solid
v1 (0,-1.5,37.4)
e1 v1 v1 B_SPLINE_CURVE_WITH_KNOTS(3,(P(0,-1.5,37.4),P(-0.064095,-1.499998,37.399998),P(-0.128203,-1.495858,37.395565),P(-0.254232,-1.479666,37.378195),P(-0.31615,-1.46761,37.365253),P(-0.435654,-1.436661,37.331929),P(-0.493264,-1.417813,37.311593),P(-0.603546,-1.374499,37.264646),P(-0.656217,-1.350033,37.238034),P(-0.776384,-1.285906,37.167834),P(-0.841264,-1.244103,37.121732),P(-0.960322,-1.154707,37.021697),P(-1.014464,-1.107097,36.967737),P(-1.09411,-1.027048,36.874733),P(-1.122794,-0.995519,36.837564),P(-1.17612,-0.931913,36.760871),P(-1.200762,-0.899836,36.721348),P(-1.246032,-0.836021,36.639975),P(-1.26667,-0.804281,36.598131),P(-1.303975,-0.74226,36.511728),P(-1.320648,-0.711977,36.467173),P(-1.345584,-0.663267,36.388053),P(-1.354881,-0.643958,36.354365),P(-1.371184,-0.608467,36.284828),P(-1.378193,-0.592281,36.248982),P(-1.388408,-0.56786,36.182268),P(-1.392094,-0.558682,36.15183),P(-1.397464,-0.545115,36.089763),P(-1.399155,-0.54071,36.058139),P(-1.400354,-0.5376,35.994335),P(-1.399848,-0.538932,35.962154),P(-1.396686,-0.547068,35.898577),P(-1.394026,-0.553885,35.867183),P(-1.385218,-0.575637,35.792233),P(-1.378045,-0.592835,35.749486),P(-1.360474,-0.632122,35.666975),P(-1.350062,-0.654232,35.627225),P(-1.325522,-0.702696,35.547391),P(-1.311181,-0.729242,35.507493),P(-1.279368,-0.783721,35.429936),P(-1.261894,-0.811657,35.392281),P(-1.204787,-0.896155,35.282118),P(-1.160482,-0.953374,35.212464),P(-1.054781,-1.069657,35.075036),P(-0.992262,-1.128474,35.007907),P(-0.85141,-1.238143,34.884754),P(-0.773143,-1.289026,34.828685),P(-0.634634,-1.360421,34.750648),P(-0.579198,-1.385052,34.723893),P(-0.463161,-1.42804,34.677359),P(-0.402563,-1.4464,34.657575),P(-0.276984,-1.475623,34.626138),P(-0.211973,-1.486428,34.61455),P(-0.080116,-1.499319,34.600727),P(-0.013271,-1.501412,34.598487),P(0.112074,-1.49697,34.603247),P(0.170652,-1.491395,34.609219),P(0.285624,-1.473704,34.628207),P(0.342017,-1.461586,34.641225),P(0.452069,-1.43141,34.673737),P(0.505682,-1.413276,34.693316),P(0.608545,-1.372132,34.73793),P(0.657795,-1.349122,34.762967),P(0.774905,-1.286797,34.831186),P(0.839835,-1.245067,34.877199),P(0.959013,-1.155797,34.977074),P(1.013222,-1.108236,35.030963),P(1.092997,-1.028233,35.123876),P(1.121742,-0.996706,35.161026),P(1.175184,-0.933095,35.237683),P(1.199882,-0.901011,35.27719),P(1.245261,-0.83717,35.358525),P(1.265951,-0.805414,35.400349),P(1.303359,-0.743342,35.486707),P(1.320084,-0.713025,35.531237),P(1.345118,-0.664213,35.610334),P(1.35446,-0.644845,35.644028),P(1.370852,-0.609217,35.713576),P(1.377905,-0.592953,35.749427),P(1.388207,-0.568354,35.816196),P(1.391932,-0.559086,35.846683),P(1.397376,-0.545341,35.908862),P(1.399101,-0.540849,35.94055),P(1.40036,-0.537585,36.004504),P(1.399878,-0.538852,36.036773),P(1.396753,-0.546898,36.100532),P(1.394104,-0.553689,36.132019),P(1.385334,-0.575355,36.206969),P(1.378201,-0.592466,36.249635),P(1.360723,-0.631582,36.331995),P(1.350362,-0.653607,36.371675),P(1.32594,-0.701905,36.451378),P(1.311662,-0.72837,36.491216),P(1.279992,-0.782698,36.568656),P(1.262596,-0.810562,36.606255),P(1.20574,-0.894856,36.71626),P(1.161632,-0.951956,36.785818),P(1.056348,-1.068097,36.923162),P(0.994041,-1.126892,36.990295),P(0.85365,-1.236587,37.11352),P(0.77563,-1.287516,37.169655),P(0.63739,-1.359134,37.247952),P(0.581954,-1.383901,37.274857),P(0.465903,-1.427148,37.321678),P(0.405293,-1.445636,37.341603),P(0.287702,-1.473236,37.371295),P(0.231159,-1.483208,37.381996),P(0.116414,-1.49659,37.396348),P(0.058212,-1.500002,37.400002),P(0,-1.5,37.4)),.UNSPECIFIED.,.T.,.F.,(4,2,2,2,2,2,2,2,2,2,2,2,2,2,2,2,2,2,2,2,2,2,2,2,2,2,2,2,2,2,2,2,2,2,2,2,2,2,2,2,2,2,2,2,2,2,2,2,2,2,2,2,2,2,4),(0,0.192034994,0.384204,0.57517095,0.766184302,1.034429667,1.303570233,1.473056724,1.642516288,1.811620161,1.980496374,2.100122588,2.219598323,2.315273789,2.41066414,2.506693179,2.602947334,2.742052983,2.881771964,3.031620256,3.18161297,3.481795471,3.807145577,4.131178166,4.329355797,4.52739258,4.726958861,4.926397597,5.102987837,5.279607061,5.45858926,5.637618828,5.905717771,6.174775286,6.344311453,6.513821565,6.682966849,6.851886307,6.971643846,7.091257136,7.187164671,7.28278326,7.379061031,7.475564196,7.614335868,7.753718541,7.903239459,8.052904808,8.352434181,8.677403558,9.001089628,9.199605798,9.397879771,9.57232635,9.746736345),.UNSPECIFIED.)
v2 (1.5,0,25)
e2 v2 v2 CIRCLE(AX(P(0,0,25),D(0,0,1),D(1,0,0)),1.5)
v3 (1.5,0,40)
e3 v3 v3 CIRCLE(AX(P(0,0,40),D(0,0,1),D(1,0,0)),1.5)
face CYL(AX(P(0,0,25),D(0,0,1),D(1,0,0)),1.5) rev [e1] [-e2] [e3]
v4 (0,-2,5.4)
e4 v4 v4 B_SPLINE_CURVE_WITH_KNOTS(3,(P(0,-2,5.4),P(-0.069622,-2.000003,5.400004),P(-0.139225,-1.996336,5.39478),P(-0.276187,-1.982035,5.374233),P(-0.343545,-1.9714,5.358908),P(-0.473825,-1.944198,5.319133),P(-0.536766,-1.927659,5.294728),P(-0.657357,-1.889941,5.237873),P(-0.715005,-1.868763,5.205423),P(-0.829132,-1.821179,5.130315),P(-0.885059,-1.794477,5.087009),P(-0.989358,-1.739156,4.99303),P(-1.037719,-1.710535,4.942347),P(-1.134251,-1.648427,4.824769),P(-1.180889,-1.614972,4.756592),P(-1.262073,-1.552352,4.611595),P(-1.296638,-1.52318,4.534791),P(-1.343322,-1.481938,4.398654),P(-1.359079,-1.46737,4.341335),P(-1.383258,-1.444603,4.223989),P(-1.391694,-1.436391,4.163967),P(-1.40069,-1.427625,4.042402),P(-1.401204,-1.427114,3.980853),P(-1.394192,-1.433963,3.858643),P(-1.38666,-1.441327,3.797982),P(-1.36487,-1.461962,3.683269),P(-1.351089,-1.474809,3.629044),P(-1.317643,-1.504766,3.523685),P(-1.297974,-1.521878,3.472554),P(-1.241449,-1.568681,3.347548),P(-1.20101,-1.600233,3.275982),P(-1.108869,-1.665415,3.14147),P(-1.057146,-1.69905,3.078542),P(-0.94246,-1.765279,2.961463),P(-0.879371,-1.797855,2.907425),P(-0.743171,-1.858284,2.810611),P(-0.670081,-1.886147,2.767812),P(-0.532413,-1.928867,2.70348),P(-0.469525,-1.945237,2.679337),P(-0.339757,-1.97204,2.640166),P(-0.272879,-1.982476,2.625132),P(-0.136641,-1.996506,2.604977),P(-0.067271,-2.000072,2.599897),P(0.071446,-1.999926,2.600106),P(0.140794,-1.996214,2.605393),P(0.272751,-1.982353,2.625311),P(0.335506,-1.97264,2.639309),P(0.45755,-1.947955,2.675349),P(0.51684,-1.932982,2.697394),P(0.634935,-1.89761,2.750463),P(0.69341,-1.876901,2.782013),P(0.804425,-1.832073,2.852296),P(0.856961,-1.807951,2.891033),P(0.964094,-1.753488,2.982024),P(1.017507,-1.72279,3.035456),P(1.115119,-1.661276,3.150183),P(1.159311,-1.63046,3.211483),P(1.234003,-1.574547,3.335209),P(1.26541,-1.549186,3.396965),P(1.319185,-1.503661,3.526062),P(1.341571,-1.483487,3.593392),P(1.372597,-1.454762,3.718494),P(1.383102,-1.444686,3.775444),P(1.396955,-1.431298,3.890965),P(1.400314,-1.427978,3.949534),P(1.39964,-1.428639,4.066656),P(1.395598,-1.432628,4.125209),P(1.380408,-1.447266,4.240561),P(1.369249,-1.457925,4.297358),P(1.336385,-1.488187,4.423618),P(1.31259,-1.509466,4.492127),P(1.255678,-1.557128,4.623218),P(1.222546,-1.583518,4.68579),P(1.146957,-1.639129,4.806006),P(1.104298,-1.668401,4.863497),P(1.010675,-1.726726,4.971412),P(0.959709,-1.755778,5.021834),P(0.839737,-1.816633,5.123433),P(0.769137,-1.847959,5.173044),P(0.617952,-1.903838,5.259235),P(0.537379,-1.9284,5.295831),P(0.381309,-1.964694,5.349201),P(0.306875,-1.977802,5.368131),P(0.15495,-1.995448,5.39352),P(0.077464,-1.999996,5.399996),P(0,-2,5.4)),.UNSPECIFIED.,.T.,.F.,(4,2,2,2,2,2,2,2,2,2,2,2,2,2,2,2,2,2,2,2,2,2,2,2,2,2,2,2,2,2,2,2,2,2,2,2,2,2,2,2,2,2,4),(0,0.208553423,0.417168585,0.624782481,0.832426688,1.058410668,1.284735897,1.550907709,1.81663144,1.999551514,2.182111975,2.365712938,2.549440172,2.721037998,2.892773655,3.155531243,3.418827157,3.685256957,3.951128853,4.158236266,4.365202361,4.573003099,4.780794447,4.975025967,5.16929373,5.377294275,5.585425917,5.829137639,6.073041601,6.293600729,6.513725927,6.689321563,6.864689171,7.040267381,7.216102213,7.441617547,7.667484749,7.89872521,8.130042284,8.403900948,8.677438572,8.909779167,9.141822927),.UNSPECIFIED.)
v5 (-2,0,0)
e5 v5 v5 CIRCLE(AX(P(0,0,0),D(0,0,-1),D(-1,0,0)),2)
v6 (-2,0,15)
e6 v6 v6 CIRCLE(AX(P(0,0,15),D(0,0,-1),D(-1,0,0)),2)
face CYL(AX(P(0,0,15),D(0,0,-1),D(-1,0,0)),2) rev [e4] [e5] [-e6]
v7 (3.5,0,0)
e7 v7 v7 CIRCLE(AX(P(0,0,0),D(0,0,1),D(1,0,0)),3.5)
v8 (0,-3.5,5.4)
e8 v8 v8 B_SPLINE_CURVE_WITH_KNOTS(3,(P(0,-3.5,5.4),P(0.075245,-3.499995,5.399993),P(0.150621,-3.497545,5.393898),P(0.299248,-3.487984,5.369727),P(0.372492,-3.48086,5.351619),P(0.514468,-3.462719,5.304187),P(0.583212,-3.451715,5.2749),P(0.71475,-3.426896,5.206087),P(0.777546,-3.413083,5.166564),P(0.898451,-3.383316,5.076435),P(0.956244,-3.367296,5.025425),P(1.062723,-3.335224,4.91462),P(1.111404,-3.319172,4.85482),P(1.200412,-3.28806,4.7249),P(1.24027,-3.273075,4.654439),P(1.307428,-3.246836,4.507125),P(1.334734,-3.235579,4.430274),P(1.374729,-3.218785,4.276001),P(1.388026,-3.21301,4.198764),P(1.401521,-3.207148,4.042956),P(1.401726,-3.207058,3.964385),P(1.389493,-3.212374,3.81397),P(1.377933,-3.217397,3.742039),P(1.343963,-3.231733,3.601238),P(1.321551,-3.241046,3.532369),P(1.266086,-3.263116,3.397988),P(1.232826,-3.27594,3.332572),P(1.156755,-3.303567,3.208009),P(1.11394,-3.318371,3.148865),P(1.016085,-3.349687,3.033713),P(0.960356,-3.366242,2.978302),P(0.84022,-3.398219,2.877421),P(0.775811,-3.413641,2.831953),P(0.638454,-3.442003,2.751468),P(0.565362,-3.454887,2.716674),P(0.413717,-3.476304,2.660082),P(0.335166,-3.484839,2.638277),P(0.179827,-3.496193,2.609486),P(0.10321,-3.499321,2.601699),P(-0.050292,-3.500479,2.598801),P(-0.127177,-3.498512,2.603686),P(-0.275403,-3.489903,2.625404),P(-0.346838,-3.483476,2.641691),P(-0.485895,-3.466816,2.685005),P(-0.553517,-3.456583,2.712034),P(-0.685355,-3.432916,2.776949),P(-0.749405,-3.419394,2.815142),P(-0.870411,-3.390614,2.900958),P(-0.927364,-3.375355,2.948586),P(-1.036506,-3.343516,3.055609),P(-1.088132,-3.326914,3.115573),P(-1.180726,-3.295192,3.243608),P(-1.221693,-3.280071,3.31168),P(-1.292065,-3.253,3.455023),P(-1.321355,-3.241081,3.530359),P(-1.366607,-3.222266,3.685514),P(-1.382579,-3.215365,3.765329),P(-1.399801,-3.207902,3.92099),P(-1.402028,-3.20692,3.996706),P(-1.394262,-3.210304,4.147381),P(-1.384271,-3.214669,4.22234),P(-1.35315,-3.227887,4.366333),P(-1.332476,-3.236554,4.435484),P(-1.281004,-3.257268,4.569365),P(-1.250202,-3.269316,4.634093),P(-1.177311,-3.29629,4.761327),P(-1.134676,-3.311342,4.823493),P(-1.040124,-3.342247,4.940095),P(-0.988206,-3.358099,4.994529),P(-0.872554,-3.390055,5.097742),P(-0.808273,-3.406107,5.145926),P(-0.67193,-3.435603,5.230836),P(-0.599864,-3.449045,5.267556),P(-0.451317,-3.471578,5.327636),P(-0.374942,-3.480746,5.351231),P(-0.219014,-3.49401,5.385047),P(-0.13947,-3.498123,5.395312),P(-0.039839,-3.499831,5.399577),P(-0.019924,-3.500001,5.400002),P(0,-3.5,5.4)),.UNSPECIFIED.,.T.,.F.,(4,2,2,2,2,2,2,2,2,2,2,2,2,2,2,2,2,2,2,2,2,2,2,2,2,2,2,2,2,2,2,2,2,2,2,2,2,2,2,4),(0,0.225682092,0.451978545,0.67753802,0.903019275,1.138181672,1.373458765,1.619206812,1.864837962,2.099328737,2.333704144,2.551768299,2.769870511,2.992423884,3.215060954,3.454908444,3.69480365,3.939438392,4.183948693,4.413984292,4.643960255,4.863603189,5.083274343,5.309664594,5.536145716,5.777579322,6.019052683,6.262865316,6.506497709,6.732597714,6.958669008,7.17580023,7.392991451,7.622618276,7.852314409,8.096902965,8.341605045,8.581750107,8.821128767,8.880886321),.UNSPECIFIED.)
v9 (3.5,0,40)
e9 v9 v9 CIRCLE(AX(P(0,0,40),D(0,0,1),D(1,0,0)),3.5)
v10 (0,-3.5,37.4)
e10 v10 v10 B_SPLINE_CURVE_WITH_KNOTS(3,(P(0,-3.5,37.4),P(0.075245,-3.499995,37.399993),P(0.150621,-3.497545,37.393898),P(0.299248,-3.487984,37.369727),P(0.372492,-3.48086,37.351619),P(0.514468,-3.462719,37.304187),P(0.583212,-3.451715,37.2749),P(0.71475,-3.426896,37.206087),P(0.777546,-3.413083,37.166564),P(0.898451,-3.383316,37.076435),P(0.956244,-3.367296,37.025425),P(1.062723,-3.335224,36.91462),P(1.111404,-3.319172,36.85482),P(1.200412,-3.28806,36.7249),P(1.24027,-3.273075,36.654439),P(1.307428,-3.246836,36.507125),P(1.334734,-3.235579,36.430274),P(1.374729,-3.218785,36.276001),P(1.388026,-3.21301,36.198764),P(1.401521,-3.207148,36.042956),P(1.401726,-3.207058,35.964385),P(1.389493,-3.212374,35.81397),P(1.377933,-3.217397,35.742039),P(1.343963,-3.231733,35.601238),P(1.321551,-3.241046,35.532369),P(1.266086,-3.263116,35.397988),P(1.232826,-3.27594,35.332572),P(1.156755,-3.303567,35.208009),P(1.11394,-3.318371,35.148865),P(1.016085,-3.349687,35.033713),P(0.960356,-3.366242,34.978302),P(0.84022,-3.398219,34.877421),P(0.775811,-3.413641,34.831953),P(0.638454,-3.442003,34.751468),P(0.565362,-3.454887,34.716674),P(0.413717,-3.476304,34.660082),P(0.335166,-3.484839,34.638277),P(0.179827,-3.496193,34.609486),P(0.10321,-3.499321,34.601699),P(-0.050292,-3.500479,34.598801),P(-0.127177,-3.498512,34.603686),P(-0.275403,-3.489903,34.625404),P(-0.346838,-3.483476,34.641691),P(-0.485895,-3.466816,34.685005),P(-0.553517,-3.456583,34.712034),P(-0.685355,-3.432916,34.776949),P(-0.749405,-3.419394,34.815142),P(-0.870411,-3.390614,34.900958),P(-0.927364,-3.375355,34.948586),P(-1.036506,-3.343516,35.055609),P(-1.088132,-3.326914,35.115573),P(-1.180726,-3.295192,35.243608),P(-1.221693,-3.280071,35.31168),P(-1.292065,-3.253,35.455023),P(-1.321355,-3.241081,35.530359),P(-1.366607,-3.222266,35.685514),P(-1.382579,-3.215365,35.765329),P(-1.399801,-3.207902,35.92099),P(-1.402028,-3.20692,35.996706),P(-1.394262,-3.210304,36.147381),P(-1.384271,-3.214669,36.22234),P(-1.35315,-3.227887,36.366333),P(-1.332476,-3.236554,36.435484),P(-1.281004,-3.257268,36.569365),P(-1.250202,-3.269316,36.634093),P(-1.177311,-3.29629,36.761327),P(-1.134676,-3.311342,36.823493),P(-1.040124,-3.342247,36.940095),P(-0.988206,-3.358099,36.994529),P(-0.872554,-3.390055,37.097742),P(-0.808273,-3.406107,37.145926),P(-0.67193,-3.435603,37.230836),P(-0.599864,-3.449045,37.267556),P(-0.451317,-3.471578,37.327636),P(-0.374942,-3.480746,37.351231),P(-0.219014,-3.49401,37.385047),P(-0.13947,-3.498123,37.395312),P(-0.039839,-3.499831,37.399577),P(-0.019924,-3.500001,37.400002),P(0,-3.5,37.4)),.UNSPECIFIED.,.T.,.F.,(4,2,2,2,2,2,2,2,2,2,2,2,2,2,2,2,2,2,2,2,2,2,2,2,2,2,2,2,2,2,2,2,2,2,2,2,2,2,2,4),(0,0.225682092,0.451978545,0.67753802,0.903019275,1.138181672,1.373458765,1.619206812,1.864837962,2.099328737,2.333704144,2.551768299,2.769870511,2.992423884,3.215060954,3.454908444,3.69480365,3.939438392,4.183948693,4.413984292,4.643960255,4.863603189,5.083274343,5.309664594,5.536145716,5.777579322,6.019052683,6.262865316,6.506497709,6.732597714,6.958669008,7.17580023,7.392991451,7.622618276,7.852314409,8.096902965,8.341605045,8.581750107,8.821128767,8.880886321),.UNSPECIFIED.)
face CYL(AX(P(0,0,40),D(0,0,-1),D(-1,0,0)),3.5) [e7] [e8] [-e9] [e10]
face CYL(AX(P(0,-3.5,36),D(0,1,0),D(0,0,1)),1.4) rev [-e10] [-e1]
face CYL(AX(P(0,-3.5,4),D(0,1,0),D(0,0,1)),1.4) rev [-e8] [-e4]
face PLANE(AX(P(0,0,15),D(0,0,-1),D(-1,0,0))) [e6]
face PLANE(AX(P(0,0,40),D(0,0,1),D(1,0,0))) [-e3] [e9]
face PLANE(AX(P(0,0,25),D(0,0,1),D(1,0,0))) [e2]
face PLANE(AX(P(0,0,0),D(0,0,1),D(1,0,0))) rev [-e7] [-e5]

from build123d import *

# Parameters (mm, degrees)
CROQUIS1_R              = 3.5
SALIENTE_EXTRUIR1_DEPTH = 40
CROQUIS2_R              = 1.5
CORTAR_EXTRUIR1_DEPTH   = 15
CROQUIS3_R              = 2
CORTAR_EXTRUIR2_DEPTH   = 15
CROQUIS4_R              = 1.4
CORTAR_EXTRUIR3_DEPTH   = 4.5


with BuildPart() as part:
    # Croquis1 → Saliente-Extruir1 (new body)
    with BuildSketch(Plane.XY):
        Circle(CROQUIS1_R)
    extrude(amount=SALIENTE_EXTRUIR1_DEPTH)

    # Croquis2 → Cortar-Extruir1 (cut)
    with BuildSketch(Plane.XY.offset(40)):
        Circle(CROQUIS2_R)
    extrude(amount=-CORTAR_EXTRUIR1_DEPTH, mode=Mode.SUBTRACT)

    # Croquis3 → Cortar-Extruir2 (cut)
    with BuildSketch(Plane(origin=(0, 0, 0), x_dir=(-1, 0, 0), z_dir=(0, 0, -1))):
        Circle(CROQUIS3_R)
    extrude(amount=-CORTAR_EXTRUIR2_DEPTH, mode=Mode.SUBTRACT)

    # Croquis4 → Cortar-Extruir3 (cut, through all)
    with BuildSketch(Plane(origin=(0, 0, 0), x_dir=(1, 0, 0), z_dir=(0, 1, 0))):
        with Locations((0, -4)):
            Circle(CROQUIS4_R)
        with Locations((0, -36)):
            Circle(CROQUIS4_R)
    extrude(amount=-CORTAR_EXTRUIR3_DEPTH, mode=Mode.SUBTRACT)


solid = part.part
